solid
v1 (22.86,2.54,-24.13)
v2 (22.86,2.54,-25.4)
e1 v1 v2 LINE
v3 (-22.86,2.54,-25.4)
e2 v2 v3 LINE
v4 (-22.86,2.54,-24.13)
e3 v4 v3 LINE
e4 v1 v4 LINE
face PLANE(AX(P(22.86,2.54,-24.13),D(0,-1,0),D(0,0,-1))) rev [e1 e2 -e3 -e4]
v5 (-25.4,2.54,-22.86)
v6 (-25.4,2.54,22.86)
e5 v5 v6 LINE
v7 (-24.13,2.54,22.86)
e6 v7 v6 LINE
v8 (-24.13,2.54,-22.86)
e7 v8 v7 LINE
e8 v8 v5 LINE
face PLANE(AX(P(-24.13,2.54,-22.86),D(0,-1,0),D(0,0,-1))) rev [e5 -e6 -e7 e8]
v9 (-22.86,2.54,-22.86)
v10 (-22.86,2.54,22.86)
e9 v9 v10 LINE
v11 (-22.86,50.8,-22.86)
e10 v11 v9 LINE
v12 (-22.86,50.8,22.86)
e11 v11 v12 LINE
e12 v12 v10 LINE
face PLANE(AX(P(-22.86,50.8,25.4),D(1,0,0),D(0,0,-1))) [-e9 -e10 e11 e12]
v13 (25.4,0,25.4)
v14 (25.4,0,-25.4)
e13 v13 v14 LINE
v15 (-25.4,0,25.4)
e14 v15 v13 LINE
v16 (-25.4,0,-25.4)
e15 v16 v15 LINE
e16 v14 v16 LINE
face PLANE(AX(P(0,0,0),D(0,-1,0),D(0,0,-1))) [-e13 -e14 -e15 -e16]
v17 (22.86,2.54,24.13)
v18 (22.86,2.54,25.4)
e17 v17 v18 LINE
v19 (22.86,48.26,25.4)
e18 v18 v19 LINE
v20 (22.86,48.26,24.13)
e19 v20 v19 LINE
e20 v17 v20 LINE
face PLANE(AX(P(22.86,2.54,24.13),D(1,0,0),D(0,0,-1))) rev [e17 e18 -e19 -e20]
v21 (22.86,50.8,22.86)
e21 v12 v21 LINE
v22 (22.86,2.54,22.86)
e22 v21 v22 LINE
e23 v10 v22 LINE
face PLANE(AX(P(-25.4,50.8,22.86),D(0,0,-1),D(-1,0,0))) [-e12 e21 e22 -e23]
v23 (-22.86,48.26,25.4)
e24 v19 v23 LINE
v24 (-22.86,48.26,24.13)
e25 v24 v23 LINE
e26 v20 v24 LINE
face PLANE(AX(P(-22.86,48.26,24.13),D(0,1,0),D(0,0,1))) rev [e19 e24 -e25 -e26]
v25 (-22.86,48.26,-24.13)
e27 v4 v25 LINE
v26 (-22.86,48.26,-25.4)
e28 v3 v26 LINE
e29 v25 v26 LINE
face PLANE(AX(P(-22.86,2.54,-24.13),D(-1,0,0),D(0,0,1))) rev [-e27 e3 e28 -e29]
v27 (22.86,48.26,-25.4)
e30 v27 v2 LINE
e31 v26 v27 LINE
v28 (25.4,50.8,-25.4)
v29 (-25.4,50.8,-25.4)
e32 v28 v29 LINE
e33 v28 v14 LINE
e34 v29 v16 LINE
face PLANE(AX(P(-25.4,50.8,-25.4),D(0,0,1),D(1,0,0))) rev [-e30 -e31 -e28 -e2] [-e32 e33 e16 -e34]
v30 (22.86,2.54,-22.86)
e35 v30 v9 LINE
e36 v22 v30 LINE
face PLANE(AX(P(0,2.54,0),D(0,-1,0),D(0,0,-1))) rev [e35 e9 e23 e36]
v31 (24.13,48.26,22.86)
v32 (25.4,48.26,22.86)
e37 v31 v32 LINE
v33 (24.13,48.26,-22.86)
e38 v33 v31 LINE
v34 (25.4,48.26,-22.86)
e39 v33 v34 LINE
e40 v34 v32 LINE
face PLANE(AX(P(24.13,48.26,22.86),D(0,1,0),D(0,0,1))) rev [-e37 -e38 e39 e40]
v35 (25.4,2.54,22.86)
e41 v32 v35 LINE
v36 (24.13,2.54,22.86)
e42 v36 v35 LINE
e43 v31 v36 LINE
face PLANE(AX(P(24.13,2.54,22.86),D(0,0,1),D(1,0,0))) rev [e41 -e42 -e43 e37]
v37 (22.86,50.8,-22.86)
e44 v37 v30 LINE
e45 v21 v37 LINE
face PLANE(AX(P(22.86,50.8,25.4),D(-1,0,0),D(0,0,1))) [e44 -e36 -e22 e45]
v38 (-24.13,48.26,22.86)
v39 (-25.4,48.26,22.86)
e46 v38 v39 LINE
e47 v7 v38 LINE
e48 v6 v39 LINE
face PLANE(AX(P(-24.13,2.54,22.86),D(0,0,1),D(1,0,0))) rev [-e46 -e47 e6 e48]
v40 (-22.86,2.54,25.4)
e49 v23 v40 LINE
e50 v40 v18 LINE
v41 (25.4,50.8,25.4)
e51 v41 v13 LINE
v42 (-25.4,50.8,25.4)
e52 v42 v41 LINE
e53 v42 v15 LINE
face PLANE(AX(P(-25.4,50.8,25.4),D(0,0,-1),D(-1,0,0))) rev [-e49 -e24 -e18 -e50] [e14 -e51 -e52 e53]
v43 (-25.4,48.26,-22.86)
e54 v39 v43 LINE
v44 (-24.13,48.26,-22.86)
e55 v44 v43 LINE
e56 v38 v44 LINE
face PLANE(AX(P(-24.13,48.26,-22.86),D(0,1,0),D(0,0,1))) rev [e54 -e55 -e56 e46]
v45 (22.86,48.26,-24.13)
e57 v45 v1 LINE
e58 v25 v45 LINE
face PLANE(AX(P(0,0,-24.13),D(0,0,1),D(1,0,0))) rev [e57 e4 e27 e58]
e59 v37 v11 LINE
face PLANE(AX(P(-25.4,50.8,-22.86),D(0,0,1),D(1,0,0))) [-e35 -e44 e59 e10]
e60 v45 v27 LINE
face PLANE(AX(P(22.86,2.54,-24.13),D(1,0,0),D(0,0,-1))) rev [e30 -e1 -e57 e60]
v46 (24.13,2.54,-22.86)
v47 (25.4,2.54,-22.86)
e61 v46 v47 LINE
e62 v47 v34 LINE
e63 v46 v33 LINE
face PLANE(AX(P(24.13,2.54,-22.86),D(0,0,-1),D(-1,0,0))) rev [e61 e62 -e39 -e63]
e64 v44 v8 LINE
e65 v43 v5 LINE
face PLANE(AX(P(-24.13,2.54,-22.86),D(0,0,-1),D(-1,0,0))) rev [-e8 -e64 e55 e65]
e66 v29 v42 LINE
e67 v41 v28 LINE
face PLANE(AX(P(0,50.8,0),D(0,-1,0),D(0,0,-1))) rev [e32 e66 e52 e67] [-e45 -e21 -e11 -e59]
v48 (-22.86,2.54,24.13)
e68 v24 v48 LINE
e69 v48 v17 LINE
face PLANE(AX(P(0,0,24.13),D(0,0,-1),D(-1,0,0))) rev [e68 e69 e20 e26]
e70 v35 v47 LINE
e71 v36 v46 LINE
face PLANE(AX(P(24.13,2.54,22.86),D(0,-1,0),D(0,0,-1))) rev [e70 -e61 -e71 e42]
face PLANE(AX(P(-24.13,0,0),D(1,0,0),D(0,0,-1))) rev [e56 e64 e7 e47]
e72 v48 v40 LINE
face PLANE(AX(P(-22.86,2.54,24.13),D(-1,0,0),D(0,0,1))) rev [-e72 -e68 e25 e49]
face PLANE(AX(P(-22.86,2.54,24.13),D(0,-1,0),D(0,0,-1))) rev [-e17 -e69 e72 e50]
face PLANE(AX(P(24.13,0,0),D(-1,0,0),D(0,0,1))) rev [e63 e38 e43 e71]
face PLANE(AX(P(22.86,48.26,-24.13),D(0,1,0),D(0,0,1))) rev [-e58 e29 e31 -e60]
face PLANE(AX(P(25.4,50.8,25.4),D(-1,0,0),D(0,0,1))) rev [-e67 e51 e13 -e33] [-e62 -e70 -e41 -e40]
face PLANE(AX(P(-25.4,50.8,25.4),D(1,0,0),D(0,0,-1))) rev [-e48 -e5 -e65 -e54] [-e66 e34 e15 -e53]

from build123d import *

# Parameters (mm, degrees)
SKETCH1_W           = 50.8
SKETCH1_H           = 50.8
BOSS_EXTRUDE1_DEPTH = 50.8
SHELL1_T            = -2.54
SKETCH2_W           = 45.72
SKETCH2_H           = 45.72
CUT_EXTRUDE1_DEPTH  = 1.27
SKETCH3_W           = 45.72
SKETCH3_H           = 45.72
CUT_EXTRUDE2_DEPTH  = 1.27
SKETCH4_W           = 45.72
SKETCH4_H           = 45.72
CUT_EXTRUDE3_DEPTH  = 1.27
SKETCH5_W           = 45.72
SKETCH5_H           = 45.72
CUT_EXTRUDE4_DEPTH  = 1.27


with BuildPart() as part:
    # Sketch1 → Boss-Extrude1 (new body)
    with BuildSketch(Plane(origin=(0, 0, 0), x_dir=(1, 0, 0), z_dir=(0, 1, 0))):
        Rectangle(SKETCH1_W, SKETCH1_H)
    extrude(amount=BOSS_EXTRUDE1_DEPTH)

    # Shell1
    shell1_openings = [part.faces().sort_by_distance(p)[0] for p in [
        (0, 50.8, 0),
    ]]
    offset(amount=SHELL1_T, openings=shell1_openings, kind=Kind.INTERSECTION)

    # Sketch2 → Cut-Extrude1 (cut)
    with BuildSketch(Plane.XY.offset(25.4)):
        with Locations((0, 25.4)):
            Rectangle(SKETCH2_W, SKETCH2_H)
    extrude(amount=-CUT_EXTRUDE1_DEPTH, mode=Mode.SUBTRACT)

    # Sketch3 → Cut-Extrude2 (cut)
    with BuildSketch(Plane(origin=(25.4, 0, 0), x_dir=(0, 0, -1), z_dir=(1, 0, 0))):
        with Locations((0, 25.4)):
            Rectangle(SKETCH3_W, SKETCH3_H)
    extrude(amount=-CUT_EXTRUDE2_DEPTH, mode=Mode.SUBTRACT)

    # Sketch4 → Cut-Extrude3 (cut)
    with BuildSketch(Plane(origin=(0, 0, -25.4), x_dir=(-1, 0, 0), z_dir=(0, 0, -1))):
        with Locations((0, 25.4)):
            Rectangle(SKETCH4_W, SKETCH4_H)
    extrude(amount=-CUT_EXTRUDE3_DEPTH, mode=Mode.SUBTRACT)

    # Sketch5 → Cut-Extrude4 (cut)
    with BuildSketch(Plane.ZY.offset(25.4)):
        with Locations((0, 25.4)):
            Rectangle(SKETCH5_W, SKETCH5_H)
    extrude(amount=-CUT_EXTRUDE4_DEPTH, mode=Mode.SUBTRACT)


solid = part.part
